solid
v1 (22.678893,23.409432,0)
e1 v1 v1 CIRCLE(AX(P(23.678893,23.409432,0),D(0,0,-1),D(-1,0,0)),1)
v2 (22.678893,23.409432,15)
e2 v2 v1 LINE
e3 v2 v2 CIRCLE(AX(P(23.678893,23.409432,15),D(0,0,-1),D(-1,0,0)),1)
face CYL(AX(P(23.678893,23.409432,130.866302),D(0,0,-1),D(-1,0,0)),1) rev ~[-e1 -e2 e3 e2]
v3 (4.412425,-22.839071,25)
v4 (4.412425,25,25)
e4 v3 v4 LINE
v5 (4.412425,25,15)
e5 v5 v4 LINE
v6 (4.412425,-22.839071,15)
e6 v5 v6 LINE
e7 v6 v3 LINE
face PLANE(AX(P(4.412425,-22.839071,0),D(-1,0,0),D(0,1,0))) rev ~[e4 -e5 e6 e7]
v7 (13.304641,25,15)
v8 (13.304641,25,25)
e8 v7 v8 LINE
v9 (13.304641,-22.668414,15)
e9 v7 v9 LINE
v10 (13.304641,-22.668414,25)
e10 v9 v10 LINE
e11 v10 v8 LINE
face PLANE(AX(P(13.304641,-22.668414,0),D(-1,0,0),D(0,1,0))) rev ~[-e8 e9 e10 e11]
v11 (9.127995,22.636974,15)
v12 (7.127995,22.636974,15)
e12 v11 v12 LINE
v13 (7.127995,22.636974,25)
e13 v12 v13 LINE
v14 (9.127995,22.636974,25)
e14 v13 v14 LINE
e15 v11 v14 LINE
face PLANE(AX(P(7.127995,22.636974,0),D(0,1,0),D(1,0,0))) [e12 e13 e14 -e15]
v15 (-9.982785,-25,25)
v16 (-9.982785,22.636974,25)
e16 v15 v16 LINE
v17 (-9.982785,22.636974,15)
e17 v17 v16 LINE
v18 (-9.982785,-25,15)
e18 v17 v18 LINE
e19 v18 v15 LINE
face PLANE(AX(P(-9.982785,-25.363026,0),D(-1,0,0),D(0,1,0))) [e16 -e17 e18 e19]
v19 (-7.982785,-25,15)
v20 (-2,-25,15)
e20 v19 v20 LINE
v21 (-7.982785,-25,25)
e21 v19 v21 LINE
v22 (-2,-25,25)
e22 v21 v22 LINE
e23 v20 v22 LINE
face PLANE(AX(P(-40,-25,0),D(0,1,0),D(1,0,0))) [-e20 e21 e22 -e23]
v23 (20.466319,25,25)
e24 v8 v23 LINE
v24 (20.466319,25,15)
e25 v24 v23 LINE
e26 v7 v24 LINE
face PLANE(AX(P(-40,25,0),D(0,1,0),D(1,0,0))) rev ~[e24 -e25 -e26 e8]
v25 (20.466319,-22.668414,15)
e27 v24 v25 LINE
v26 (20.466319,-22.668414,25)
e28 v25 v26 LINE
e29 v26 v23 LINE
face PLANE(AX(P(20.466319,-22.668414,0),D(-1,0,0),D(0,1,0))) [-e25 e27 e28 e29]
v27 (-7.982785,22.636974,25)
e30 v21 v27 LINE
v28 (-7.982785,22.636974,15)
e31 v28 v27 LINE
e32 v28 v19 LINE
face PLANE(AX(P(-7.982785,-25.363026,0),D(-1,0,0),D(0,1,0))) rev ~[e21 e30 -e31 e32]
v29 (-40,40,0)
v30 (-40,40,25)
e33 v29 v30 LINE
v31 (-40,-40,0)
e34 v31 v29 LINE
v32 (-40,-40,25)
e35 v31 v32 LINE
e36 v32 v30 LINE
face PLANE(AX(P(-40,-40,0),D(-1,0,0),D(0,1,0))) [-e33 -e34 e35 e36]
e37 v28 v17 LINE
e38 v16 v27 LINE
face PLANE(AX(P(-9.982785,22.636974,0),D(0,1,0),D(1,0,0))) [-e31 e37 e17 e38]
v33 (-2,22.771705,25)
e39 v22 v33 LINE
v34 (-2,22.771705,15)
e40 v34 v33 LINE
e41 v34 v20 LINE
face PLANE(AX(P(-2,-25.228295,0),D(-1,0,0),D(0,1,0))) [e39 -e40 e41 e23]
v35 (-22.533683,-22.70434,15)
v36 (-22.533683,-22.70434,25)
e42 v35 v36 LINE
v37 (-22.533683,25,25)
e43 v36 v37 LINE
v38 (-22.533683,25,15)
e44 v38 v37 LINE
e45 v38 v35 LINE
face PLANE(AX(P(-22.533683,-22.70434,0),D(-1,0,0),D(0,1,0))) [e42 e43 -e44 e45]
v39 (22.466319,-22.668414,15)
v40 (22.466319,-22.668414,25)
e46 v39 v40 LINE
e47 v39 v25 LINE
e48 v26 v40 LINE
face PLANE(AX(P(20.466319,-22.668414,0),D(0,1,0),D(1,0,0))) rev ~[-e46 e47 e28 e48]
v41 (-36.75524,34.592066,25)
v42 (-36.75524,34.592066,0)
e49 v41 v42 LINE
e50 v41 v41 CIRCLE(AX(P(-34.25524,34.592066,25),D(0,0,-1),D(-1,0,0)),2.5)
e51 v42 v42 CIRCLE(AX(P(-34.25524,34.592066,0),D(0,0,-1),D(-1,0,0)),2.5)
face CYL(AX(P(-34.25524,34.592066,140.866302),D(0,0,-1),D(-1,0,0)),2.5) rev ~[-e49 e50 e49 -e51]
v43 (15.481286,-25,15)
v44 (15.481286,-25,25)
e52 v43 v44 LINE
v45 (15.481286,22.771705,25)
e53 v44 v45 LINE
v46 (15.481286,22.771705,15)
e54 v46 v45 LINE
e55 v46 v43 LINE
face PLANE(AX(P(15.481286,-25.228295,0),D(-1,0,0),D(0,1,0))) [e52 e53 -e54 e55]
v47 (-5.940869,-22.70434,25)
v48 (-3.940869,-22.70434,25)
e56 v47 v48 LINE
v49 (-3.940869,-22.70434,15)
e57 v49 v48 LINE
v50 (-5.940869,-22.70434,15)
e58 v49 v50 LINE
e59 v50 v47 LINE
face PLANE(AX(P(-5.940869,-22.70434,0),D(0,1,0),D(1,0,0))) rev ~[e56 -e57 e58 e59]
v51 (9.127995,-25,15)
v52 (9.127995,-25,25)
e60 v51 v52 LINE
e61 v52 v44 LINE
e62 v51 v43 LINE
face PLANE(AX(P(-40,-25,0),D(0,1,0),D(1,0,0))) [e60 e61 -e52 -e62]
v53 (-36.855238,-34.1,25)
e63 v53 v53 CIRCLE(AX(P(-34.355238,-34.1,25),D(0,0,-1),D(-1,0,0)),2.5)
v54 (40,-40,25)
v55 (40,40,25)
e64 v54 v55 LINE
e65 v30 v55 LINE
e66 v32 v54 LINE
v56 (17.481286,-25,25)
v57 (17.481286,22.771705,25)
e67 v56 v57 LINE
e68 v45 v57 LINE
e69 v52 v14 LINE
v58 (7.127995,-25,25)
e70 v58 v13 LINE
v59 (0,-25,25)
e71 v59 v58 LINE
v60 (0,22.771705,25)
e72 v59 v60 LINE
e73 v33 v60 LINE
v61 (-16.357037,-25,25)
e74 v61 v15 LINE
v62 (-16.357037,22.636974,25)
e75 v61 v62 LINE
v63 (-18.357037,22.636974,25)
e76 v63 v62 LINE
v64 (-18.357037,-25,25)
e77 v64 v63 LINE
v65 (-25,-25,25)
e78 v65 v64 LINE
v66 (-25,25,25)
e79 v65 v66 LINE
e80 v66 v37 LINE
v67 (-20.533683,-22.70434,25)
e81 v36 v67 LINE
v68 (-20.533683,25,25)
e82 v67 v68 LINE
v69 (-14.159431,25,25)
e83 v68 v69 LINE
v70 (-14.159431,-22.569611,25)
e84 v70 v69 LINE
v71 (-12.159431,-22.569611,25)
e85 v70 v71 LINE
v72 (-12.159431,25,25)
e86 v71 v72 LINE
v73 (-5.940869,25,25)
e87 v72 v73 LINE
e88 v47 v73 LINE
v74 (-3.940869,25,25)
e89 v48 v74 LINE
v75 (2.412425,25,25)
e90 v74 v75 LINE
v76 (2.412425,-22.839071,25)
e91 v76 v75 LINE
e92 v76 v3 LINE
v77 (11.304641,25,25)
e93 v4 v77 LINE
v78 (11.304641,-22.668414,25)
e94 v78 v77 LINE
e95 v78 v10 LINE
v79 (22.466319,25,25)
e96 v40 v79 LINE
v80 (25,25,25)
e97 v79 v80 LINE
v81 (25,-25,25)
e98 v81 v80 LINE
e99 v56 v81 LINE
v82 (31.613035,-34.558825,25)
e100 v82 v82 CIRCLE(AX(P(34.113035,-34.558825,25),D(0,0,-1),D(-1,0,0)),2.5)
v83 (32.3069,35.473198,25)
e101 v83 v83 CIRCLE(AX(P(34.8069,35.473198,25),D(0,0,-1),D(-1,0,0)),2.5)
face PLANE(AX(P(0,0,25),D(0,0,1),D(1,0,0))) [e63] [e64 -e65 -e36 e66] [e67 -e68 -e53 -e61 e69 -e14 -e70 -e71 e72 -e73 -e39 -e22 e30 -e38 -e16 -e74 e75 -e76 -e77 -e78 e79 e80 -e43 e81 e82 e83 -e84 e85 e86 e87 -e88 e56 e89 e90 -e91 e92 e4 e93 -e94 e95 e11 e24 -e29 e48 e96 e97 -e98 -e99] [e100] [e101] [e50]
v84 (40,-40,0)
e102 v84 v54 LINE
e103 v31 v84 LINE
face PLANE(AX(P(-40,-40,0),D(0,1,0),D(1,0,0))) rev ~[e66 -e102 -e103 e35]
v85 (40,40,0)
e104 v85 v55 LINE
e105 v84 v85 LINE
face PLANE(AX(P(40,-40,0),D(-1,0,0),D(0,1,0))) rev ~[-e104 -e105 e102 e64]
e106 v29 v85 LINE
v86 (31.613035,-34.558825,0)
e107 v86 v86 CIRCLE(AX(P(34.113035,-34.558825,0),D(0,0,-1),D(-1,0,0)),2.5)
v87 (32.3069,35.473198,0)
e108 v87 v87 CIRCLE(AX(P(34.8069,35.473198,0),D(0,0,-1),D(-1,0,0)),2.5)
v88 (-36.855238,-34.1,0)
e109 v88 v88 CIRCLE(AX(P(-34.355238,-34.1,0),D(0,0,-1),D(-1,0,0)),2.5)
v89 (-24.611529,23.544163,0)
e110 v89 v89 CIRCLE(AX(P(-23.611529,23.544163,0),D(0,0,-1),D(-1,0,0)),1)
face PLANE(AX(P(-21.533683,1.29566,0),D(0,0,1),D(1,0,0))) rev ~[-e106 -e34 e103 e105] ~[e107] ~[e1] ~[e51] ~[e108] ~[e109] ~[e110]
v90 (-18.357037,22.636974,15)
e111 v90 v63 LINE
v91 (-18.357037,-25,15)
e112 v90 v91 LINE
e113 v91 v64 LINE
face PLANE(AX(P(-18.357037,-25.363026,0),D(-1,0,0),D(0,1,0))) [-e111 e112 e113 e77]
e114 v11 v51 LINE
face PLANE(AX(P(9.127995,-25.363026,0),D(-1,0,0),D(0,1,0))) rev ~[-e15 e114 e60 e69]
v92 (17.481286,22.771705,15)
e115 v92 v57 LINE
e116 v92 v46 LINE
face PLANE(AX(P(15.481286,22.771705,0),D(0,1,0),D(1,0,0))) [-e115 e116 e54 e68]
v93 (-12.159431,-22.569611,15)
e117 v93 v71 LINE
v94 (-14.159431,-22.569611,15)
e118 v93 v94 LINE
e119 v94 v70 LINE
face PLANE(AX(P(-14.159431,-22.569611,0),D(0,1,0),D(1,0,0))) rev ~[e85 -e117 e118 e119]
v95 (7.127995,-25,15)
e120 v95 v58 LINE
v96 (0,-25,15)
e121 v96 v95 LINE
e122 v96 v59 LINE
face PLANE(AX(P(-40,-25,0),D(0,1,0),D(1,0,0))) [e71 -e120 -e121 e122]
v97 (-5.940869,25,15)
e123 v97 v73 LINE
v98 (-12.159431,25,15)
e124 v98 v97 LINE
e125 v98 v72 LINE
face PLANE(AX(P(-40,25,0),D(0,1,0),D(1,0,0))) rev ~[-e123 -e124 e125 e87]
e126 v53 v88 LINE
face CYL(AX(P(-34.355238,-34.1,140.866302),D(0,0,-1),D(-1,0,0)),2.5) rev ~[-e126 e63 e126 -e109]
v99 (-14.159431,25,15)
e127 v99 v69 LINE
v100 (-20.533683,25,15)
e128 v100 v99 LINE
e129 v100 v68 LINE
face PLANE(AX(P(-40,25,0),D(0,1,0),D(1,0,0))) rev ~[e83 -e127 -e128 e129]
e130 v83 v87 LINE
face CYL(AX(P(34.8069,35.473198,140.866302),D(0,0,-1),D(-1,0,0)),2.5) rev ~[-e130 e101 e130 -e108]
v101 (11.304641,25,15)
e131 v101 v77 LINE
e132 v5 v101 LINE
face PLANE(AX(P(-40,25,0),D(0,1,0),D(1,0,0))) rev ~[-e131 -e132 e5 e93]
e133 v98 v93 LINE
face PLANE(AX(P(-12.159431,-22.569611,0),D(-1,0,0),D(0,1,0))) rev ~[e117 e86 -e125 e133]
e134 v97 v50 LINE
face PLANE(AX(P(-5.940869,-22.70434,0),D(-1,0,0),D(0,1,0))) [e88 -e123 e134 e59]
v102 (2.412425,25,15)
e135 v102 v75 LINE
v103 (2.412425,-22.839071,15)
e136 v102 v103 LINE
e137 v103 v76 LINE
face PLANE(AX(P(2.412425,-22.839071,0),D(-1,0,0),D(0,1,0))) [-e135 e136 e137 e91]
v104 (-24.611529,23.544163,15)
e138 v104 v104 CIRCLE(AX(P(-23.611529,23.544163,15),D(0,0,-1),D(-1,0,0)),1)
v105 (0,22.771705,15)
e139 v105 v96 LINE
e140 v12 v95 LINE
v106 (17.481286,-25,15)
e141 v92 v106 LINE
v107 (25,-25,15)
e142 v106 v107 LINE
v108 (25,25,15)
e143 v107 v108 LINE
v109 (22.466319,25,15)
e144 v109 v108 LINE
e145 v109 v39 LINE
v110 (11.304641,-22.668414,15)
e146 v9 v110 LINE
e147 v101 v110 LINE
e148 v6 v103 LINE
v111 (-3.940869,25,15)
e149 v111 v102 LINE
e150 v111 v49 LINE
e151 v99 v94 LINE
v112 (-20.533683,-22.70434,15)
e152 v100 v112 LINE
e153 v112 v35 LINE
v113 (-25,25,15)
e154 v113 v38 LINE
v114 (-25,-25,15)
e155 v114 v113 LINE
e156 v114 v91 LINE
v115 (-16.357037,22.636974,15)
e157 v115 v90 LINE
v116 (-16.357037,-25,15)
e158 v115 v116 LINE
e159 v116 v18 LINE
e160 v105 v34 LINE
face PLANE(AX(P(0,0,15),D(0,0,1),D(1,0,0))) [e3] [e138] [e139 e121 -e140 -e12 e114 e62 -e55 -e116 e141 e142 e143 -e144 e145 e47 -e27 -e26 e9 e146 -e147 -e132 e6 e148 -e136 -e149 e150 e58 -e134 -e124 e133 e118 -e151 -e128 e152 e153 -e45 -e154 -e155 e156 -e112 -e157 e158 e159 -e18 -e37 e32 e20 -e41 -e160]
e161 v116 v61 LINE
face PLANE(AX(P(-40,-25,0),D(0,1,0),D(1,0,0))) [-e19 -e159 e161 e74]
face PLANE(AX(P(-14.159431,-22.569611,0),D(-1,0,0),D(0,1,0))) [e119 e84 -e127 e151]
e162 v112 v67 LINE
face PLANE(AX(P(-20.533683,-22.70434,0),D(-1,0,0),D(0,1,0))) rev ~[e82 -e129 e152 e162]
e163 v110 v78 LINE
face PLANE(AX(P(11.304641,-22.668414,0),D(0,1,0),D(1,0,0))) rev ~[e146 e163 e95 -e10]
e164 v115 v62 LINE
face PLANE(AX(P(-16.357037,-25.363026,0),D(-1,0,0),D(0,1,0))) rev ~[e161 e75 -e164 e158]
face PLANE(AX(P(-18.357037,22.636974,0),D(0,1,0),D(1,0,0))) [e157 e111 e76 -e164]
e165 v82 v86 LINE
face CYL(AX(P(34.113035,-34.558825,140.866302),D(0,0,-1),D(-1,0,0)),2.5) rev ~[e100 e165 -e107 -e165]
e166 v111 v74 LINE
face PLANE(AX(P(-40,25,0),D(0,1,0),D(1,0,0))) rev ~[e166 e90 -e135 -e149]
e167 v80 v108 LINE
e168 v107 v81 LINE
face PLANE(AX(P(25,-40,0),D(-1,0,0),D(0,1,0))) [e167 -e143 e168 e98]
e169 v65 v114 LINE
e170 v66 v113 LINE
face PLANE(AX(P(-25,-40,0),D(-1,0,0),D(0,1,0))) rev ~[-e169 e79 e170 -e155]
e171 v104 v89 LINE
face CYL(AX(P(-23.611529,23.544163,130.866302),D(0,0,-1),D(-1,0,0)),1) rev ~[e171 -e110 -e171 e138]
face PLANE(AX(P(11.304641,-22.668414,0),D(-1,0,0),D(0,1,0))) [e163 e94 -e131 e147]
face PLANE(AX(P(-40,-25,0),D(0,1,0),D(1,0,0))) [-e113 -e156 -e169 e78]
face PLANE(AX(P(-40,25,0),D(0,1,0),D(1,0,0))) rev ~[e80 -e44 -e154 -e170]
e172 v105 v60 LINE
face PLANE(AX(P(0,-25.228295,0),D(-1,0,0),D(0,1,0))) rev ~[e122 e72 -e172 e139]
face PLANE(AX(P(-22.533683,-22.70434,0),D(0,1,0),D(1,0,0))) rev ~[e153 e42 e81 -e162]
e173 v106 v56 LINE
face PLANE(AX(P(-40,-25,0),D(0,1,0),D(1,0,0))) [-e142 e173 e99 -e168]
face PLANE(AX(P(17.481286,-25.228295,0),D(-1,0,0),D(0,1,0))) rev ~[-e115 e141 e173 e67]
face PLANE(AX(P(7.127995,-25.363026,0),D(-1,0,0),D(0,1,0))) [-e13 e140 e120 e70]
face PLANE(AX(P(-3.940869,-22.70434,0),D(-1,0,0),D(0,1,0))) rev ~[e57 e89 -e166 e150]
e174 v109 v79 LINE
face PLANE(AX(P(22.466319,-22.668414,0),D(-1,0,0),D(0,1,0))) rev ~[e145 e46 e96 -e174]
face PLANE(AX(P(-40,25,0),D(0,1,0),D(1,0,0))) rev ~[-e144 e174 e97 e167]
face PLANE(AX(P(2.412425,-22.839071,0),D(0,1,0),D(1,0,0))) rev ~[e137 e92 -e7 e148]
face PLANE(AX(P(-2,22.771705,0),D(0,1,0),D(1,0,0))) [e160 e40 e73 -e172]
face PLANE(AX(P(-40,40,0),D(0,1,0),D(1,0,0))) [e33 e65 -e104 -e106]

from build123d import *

# Parameters (mm, degrees)
F0_W     = 80
F0_H     = 80
F3_DEPTH = 25
F4_T     = -15
F1_W     = 2
F1_H     = 48
F2_W     = 2
F2_H     = 48
F6_DEPTH = 25
F7_D     = 2
F9_D     = 5


with BuildPart() as f3:
    # F0 (on Top) → F3 (new body)
    with BuildSketch(Plane.XY):
        Rectangle(F0_W, F0_H)
    extrude(amount=F3_DEPTH)

    # F4
    f4_openings = [f3.faces().sort_by_distance(p)[0] for p in [
        (0, 0, 25),
    ]]
    offset(amount=F4_T, openings=f4_openings)

    # F1 (on face) + F2 (on face) → F6 (join)
    with BuildSketch(Plane.XY):
        with Locations((-21.533683, 1.29566)):
            Rectangle(F1_W, F1_H)
    with BuildSketch(Plane.XY):
        with Locations((-17.357037, -1.363026)):
            Rectangle(F2_W, F2_H)
        with Locations((-13.159431, 1.430389)):
            Rectangle(F2_W, F2_H)
        with Locations((-8.982785, -1.363026)):
            Rectangle(F2_W, F2_H)
        with Locations((-4.940869, 1.29566)):
            Rectangle(F2_W, F2_H)
        with Locations((-1, -1.228295)):
            Rectangle(F2_W, F2_H)
        with Locations((3.412425, 1.160929)):
            Rectangle(F2_W, F2_H)
        with Locations((8.127995, -1.363026)):
            Rectangle(F2_W, F2_H)
        with Locations((12.304641, 1.331586)):
            Rectangle(F2_W, F2_H)
        with Locations((16.481286, -1.228295)):
            Rectangle(F2_W, F2_H)
        with Locations((21.466319, 1.331586)):
            Rectangle(F2_W, F2_H)
    extrude(amount=F6_DEPTH)

    # F7 (through all)
    with Locations(Plane.XY.offset(15)):
        with Locations((-23.611529, 23.544163), (23.678893, 23.409432)):
            Hole(F7_D / 2)

    # F9 (through all)
    with Locations(Plane.XY.offset(25)):
        with Locations((-34.25524, 34.592066), (34.8069, 35.473198), (34.113035, -34.558825), (-34.355238, -34.1)):
            Hole(F9_D / 2)


solid = f3.part
